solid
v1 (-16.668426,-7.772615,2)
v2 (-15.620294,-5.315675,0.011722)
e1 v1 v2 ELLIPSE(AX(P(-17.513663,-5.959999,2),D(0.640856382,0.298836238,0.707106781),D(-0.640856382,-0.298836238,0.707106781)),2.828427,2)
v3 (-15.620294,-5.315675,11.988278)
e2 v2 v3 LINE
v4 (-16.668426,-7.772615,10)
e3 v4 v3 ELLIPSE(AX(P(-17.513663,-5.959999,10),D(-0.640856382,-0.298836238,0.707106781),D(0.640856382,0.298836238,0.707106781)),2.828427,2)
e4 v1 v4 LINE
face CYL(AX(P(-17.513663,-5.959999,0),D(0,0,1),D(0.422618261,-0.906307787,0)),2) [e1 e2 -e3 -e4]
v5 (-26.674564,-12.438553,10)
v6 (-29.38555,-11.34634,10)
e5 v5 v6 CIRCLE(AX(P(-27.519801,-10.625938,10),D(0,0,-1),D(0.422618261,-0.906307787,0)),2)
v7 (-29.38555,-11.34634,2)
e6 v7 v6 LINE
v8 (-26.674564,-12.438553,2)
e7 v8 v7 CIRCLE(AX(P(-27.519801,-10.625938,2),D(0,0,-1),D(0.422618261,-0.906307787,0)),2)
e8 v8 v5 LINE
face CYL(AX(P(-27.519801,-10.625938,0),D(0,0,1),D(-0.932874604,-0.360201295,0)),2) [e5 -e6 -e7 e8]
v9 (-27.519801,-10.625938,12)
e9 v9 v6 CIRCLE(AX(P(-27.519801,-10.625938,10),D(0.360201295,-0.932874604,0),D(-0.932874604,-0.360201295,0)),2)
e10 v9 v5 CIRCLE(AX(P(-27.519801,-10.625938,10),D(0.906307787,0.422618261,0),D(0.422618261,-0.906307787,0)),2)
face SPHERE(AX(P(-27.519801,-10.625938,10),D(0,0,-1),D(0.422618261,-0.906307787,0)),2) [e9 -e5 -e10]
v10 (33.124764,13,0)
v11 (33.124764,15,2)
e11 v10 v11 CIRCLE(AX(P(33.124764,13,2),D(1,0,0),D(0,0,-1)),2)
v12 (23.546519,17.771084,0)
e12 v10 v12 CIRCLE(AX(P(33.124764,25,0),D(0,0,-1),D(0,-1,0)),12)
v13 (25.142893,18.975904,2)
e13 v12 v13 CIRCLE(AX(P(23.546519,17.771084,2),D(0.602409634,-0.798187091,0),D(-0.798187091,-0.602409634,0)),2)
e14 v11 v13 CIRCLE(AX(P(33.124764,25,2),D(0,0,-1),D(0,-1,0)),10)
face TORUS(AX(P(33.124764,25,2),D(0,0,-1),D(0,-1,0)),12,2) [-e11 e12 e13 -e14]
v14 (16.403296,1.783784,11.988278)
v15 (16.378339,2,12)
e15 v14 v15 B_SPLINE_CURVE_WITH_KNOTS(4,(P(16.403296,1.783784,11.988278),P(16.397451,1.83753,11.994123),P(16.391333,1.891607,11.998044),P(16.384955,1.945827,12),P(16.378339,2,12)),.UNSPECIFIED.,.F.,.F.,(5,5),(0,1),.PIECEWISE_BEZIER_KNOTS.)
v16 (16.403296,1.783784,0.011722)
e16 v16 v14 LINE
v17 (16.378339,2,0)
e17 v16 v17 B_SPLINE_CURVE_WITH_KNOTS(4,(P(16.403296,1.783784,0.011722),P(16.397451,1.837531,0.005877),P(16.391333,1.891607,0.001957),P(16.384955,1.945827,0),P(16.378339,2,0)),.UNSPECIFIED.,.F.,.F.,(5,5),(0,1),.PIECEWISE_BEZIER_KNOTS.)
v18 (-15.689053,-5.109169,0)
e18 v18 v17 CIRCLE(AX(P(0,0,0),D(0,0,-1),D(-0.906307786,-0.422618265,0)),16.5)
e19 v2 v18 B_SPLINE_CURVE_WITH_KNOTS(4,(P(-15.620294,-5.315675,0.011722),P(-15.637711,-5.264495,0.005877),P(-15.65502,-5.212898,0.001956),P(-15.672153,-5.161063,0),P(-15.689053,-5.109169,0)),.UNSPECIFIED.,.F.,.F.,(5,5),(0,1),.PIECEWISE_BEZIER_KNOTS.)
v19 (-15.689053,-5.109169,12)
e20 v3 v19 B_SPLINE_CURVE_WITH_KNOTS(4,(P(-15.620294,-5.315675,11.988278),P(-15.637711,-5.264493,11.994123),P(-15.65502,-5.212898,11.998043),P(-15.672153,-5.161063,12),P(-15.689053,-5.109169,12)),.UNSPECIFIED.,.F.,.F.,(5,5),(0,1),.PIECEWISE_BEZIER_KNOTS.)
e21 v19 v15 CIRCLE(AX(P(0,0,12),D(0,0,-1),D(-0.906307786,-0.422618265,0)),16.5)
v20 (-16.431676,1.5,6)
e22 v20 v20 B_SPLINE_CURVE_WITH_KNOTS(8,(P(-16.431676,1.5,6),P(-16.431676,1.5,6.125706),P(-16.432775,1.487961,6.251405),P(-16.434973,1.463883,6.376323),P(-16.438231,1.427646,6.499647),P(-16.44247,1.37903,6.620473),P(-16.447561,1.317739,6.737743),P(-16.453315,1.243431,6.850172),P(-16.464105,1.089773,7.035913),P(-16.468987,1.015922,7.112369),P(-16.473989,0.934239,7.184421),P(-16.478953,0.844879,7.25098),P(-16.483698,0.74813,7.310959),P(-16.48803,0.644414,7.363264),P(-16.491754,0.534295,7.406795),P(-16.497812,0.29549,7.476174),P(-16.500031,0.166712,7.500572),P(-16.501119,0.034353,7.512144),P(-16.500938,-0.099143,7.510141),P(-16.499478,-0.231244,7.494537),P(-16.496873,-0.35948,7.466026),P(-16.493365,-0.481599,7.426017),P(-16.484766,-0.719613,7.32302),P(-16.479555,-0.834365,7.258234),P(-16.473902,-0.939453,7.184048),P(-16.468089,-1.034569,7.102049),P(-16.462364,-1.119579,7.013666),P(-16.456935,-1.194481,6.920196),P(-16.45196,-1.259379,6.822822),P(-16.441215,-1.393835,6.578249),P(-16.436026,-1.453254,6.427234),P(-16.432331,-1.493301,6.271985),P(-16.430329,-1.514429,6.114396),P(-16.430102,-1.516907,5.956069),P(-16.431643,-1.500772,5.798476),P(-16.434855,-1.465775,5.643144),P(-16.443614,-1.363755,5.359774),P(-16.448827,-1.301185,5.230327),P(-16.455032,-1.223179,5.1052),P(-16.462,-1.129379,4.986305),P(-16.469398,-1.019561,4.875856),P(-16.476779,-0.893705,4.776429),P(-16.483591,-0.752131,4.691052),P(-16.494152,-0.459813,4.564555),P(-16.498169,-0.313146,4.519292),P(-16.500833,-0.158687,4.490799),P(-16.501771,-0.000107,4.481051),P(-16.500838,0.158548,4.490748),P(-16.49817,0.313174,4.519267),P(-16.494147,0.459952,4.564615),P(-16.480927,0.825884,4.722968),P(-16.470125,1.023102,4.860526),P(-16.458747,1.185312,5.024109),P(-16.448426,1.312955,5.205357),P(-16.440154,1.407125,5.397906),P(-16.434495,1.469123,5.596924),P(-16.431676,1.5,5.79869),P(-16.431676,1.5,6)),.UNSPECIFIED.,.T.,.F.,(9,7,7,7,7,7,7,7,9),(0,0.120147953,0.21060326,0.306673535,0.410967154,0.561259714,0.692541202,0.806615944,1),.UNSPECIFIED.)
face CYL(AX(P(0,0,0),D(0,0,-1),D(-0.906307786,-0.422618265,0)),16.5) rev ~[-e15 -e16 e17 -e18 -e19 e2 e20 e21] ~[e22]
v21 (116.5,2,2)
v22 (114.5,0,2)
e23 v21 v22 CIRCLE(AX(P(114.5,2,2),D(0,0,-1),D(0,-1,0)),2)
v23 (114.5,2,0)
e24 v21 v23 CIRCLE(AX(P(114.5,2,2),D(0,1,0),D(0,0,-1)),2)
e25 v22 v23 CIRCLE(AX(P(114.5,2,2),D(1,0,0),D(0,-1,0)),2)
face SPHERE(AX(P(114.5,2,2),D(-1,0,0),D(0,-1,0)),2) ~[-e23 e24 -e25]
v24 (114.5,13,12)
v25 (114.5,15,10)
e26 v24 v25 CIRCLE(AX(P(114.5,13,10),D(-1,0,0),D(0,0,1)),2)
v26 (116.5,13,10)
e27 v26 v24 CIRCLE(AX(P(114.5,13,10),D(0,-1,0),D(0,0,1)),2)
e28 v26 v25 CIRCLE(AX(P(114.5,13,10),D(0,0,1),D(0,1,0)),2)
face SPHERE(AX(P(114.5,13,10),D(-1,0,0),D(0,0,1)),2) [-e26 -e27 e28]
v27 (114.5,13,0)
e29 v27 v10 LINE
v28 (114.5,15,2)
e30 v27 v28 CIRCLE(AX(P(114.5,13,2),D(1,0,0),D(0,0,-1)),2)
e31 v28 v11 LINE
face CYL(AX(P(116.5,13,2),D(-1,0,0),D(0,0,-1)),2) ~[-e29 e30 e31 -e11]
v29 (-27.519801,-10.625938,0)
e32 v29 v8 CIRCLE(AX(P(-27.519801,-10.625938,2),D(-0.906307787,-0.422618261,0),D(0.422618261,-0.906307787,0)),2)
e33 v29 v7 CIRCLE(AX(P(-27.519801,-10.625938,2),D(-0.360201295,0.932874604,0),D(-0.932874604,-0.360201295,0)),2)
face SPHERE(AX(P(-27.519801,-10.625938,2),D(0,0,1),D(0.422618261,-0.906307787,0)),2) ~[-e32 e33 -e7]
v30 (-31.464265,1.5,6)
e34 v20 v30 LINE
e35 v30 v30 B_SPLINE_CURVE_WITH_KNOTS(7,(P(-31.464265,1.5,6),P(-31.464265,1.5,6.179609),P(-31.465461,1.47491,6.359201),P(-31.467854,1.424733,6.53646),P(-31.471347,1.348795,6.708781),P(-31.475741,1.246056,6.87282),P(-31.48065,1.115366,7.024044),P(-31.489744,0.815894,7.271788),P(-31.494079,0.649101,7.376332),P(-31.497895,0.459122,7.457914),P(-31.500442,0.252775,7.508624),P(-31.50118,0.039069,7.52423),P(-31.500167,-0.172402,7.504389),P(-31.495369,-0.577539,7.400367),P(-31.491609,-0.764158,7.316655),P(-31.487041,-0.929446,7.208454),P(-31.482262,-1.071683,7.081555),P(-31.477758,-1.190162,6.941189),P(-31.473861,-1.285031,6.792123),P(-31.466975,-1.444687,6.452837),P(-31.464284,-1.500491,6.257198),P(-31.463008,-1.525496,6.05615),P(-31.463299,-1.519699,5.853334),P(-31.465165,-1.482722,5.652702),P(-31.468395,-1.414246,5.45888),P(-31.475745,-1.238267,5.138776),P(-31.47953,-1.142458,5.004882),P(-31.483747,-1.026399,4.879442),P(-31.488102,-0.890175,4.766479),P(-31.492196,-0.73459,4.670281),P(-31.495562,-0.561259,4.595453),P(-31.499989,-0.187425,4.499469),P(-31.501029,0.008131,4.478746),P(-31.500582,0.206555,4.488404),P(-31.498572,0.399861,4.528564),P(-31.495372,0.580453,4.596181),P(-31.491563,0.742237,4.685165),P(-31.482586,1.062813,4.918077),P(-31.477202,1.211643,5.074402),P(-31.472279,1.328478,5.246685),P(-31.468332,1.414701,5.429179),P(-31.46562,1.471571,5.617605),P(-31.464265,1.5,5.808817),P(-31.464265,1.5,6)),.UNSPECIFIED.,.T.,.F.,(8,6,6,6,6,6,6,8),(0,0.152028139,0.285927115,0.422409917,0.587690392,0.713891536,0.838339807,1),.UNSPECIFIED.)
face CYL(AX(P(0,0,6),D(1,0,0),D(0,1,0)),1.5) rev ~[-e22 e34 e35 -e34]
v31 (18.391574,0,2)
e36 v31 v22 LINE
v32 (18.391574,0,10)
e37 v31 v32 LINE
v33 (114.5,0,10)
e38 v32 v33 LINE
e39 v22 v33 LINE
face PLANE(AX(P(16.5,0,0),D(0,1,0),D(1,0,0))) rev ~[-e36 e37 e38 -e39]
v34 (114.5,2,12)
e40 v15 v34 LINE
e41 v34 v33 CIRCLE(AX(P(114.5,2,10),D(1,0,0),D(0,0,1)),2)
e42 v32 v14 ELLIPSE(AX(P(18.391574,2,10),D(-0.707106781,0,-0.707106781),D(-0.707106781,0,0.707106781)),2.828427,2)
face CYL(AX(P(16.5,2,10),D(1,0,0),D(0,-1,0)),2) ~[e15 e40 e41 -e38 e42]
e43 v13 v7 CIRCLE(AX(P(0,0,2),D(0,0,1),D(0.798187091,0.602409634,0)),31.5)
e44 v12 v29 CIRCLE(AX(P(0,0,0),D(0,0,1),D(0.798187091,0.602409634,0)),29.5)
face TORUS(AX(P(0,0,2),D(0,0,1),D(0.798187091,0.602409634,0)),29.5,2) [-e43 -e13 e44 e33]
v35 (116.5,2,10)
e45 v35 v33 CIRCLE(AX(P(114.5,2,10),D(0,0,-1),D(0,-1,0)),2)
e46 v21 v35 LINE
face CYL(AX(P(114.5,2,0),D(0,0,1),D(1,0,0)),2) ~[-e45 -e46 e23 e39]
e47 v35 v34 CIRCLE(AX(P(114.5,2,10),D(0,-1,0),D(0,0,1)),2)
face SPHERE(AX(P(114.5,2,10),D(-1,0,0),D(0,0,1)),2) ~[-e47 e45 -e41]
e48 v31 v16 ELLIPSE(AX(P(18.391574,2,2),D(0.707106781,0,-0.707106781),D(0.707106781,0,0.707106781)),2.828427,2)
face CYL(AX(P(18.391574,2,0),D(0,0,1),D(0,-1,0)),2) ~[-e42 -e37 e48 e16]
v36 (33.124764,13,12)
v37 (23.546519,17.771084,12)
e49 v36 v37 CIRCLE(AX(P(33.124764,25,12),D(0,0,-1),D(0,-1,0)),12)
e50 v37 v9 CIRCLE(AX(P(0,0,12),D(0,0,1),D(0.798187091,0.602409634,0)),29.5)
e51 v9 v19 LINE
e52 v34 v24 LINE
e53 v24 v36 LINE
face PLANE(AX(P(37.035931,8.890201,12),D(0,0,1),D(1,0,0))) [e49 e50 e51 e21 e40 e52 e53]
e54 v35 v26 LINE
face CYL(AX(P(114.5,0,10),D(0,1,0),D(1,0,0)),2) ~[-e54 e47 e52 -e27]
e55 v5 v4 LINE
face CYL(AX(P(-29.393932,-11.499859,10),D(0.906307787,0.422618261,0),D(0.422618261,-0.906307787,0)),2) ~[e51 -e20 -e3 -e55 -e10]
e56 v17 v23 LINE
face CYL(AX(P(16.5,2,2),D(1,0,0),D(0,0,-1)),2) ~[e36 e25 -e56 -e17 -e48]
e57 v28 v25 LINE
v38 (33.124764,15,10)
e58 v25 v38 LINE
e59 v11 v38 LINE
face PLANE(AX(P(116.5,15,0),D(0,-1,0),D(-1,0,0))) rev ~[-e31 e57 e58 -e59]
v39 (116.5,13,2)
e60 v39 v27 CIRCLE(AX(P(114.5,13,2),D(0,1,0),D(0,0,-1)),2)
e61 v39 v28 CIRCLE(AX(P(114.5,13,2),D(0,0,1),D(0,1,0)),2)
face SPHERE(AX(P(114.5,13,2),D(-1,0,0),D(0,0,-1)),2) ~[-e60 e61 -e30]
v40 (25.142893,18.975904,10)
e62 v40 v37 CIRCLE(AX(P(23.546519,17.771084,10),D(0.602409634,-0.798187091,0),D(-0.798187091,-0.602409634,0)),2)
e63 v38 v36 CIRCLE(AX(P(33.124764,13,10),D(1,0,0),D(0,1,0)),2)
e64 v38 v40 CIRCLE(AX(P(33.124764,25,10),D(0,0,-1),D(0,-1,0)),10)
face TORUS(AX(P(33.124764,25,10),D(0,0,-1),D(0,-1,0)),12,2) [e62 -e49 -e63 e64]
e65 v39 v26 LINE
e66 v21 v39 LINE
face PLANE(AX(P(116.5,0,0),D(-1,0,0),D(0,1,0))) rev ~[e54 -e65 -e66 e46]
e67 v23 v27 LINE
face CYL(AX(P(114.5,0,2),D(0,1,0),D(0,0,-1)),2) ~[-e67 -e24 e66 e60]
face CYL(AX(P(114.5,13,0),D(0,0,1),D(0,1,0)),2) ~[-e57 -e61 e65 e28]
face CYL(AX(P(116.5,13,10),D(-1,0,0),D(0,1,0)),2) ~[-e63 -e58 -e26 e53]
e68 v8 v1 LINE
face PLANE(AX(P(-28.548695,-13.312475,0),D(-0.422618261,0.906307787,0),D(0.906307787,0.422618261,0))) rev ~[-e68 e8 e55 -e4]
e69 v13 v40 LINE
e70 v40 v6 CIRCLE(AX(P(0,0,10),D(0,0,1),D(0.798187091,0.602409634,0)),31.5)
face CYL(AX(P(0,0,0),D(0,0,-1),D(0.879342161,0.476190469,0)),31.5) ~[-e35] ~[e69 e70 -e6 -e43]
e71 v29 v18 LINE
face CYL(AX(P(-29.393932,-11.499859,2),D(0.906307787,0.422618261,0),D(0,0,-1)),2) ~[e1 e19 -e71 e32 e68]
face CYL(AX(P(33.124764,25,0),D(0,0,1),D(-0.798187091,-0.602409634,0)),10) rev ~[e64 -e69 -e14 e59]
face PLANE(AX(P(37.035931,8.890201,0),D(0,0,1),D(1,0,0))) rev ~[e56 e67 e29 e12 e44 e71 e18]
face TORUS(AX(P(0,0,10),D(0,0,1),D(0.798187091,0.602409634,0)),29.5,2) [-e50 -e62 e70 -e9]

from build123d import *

# Parameters (mm, degrees)
F1_DEPTH = 12
F2_R     = 1.5
F3_DEPTH = 50
F4_R     = 10
F5_R     = 2


with BuildPart() as f1:
    # F0 (on Top) → F1 (new body)
    with BuildSketch(Plane.XY):
        with BuildLine():
            ThreePointArc((-14.954078, -6.973201), (-3.571254, 16.108884), (16.5, 0))
            Line((16.5, 0), (116.5, 0))
            Line((116.5, 0), (116.5, 15))
            Line((116.5, 15), (27.699278, 15))
            ThreePointArc((27.699278, 15), (-14.162607, 28.136641), (-28.548695, -13.312475))
            Line((-28.548695, -13.312475), (-14.954078, -6.973201))
        make_face()
    extrude(amount=F1_DEPTH)

    # F2 (on Right) → F3 (cut)
    with BuildSketch(Plane.YZ):
        with Locations((0, 6)):
            Circle(F2_R)
    extrude(amount=-F3_DEPTH, mode=Mode.SUBTRACT)

    # F4
    f4_edges = [f1.edges().sort_by_distance(p)[0] for p in [
        (27.699278, 15, 6),
    ]]
    fillet(f4_edges, radius=F4_R)

    # F5
    f5_edges = [f1.edges().sort_by_distance(p)[0] for p in [
        (-16.233753, 26.994727, 12),
        (74.812382, 15, 12),
        (66.5, 0, 12),
        (116.5, 7.5, 12),
        (66.5, 0, 0),
        (116.5, 0, 6),
        (-16.233753, 26.994727, 0),
        (-28.548695, -13.312475, 6),
        (74.812382, 15, 0),
        (116.5, 7.5, 0),
        (116.5, 15, 6),
        (-21.751387, -10.142838, 0),
        (-21.751387, -10.142838, 12),
        (-14.954078, -6.973201, 6),
        (16.5, 0, 6),
    ]]
    fillet(f5_edges, radius=F5_R)


solid = f1.part
